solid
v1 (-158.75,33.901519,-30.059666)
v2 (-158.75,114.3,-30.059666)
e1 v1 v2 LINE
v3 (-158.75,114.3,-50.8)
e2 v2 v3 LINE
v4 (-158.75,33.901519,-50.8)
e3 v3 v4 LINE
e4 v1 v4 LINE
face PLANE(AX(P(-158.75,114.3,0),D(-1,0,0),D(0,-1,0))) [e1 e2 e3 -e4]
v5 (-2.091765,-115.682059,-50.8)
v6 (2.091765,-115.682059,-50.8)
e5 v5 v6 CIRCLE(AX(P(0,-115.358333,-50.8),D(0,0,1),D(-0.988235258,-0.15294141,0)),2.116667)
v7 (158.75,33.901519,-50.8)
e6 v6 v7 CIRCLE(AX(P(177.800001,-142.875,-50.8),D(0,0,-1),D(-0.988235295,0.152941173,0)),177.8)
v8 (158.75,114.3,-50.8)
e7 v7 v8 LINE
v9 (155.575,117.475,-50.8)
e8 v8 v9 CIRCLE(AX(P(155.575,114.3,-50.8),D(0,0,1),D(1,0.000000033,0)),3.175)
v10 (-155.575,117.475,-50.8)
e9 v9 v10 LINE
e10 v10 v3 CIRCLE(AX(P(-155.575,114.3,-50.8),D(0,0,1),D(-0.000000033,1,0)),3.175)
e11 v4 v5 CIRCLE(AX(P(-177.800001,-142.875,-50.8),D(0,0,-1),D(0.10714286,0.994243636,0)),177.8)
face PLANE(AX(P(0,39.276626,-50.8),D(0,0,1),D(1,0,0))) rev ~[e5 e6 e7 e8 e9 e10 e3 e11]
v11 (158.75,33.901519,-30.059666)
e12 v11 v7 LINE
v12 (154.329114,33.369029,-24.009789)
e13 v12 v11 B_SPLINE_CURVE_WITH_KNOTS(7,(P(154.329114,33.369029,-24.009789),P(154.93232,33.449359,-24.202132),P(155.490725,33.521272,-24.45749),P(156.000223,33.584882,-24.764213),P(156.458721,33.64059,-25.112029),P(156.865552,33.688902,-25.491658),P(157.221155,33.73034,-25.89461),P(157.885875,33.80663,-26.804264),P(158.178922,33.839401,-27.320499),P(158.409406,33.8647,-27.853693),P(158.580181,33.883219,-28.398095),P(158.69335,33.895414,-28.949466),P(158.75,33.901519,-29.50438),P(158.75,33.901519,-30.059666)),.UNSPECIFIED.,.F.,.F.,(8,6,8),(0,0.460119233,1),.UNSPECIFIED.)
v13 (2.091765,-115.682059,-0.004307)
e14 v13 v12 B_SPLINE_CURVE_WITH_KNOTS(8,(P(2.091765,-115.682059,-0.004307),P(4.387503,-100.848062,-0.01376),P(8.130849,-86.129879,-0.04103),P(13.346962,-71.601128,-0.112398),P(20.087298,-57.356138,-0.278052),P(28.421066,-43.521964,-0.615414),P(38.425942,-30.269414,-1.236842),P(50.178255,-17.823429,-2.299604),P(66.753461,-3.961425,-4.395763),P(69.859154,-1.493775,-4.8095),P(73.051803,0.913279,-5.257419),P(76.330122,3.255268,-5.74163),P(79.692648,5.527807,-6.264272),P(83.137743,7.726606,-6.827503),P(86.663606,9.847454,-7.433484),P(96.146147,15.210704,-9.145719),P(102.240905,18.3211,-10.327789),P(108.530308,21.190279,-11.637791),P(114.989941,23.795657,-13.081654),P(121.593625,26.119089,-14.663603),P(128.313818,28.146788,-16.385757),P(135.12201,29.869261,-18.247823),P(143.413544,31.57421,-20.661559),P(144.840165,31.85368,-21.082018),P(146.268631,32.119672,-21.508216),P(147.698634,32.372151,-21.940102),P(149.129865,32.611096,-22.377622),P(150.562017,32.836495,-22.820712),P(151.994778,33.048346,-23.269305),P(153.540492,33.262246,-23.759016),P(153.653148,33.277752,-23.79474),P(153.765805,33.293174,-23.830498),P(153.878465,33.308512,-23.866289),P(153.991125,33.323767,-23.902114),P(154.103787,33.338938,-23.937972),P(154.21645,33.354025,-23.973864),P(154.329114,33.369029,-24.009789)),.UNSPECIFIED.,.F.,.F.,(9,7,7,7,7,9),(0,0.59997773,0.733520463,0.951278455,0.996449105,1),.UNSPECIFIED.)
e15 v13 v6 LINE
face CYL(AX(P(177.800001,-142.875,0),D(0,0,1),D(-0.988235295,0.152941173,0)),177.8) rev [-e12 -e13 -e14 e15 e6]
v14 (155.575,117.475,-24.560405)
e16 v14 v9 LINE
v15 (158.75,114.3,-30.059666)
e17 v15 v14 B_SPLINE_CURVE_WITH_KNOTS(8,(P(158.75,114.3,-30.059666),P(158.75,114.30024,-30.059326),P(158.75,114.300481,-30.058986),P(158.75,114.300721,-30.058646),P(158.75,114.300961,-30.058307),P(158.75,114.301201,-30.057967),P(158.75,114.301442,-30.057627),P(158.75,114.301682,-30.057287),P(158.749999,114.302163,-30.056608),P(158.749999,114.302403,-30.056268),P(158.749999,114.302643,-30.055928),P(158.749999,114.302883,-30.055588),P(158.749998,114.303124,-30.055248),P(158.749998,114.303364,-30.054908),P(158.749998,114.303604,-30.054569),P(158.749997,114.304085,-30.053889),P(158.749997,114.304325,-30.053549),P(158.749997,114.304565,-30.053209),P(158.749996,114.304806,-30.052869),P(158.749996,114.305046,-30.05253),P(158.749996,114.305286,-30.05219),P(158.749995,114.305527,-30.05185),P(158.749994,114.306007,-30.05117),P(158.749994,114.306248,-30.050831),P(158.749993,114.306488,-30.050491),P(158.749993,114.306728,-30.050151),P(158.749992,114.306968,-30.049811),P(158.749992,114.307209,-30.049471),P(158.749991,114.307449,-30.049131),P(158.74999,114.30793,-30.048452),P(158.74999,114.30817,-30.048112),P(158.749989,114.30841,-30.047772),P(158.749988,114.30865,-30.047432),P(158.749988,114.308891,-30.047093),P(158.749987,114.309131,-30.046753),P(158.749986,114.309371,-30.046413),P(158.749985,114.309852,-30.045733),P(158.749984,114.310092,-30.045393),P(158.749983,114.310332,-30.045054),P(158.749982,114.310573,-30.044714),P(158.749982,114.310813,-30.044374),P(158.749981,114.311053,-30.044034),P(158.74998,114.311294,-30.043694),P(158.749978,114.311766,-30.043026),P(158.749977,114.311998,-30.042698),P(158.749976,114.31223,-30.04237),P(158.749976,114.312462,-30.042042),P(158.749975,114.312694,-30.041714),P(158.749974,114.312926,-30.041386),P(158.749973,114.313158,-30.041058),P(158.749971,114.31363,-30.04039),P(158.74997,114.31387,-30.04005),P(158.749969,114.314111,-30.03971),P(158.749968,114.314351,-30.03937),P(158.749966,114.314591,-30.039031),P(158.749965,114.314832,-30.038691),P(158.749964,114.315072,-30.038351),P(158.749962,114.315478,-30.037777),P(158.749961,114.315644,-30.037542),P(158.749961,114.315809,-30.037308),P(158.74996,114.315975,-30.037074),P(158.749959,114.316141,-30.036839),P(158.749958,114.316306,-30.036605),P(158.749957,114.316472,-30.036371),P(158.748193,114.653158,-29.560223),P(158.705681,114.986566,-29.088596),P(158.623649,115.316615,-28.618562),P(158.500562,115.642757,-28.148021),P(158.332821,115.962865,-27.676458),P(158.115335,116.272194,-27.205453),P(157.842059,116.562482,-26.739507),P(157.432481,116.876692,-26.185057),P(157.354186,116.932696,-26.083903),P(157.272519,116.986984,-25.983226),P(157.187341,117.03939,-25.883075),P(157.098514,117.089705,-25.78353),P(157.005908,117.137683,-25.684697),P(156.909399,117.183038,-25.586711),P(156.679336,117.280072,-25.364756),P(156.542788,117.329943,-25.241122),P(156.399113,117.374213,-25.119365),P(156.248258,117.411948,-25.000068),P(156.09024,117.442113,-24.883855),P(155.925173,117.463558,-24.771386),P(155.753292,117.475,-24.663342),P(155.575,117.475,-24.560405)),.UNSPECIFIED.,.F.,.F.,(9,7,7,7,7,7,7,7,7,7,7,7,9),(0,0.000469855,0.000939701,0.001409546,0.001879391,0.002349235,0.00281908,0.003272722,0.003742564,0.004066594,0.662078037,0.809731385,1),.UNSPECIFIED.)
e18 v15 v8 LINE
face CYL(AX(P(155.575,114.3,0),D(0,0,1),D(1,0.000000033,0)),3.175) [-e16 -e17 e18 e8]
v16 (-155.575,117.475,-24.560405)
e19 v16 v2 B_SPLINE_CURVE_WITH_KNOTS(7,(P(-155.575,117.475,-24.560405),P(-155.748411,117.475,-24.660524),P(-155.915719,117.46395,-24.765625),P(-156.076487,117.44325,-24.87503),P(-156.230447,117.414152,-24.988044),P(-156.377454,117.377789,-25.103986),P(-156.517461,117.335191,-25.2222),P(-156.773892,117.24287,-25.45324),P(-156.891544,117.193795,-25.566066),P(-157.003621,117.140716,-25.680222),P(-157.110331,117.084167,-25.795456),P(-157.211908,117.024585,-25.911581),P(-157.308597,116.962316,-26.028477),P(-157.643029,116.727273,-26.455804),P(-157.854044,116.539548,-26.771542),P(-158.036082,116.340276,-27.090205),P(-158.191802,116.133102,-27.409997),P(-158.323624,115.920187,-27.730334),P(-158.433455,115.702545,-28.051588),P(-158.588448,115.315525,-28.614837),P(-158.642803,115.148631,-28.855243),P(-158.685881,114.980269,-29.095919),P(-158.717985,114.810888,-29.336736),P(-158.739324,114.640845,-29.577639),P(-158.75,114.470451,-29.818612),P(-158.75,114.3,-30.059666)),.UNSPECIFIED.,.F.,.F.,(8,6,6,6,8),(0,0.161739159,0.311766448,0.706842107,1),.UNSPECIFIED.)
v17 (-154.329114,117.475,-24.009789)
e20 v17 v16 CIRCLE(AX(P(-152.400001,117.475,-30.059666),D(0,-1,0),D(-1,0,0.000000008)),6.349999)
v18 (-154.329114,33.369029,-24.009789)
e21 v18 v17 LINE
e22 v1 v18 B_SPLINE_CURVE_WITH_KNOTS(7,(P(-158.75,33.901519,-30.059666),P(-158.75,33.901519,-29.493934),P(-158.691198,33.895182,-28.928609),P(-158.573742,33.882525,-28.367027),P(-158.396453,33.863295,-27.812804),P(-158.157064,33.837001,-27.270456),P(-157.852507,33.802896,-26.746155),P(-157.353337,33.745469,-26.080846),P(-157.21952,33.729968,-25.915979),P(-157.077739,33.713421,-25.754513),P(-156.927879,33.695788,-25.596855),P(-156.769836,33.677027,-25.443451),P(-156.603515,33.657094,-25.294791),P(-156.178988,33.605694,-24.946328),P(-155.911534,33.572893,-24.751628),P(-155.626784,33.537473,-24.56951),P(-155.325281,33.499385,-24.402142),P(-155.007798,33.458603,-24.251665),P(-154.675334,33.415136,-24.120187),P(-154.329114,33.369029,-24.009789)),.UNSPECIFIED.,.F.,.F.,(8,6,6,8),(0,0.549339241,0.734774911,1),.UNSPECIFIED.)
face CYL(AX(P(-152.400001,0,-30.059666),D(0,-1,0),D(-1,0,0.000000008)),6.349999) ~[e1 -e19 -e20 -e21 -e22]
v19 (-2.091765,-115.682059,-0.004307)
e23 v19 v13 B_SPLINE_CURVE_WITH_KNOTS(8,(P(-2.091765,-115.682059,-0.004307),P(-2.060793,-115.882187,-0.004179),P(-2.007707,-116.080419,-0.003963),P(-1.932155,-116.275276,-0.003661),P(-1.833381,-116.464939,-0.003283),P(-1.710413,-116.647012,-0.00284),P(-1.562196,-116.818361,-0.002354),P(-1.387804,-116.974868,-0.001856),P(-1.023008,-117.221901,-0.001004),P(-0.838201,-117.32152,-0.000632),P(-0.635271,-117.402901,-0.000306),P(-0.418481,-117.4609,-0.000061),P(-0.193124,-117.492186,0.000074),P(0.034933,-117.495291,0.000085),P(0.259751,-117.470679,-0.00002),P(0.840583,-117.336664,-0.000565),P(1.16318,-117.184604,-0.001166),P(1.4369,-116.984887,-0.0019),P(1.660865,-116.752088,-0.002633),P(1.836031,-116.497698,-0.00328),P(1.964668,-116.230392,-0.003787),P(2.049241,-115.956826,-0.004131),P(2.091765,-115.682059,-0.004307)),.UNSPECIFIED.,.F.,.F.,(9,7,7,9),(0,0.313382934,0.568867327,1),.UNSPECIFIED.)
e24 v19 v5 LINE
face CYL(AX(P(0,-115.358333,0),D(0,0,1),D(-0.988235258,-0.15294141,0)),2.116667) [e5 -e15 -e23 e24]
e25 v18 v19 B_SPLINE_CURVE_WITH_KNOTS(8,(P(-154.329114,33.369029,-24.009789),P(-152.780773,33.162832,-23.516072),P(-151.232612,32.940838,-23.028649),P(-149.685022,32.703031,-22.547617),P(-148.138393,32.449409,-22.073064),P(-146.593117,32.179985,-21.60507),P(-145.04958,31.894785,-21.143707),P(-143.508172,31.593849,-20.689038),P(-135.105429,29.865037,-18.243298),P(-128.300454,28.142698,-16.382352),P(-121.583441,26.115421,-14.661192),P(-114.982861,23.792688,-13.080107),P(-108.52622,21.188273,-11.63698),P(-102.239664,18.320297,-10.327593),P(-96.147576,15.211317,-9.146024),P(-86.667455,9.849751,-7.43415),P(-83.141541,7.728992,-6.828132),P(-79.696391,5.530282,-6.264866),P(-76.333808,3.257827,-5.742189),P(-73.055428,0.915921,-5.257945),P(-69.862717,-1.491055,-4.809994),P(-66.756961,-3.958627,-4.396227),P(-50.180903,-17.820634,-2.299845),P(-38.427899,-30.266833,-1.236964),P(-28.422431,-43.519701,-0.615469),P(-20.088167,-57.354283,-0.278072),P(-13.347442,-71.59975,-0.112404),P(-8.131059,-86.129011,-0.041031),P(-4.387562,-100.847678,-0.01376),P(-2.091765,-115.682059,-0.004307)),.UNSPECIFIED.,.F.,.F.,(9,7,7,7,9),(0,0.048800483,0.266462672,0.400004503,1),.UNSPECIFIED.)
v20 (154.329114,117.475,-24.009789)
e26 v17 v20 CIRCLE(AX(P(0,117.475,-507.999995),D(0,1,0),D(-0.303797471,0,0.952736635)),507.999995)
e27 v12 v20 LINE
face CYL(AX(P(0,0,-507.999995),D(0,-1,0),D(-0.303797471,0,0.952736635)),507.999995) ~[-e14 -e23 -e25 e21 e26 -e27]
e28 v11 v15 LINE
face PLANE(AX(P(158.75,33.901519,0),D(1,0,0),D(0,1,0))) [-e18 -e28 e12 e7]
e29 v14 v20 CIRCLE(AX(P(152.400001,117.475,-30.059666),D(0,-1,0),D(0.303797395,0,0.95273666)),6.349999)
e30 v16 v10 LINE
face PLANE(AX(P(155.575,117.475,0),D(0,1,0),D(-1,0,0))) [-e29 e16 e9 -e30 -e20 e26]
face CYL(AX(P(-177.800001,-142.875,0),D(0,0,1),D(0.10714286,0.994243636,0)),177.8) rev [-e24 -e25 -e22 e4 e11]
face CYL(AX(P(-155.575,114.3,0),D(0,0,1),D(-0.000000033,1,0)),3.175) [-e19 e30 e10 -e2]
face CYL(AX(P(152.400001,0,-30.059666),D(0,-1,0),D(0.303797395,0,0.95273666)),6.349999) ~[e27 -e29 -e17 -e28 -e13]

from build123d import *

# Parameters (mm, degrees)
F1_DEPTH = 50.8
F2_W     = 342.9
F2_H     = 76.2
F3_DEPTH = 127


with BuildPart() as f1:
    # F0 (on Top) → F1 (new body)
    with BuildSketch(Plane.XY):
        with BuildLine():
            Line((155.575, 117.475), (-155.575, 117.475))
            ThreePointArc((-155.575, 117.475), (-157.820064, 116.545064), (-158.75, 114.3))
            Line((-158.75, 114.3), (-158.75, 33.901519))
            ThreePointArc((-158.75, 33.901519), (-55.013583, -14.281315), (-2.091765, -115.682059))
            ThreePointArc((-2.091765, -115.682059), (0, -117.475), (2.091765, -115.682059))
            ThreePointArc((2.091765, -115.682059), (55.013583, -14.281315), (158.75, 33.901519))
            Line((158.75, 33.901519), (158.75, 114.3))
            ThreePointArc((158.75, 114.3), (157.820064, 116.545064), (155.575, 117.475))
        make_face()
    extrude(amount=-F1_DEPTH)

    # F2 (on Front) → F3 (cut, symmetric)
    with BuildSketch(Plane.XZ):
        with Locations((0, -25.4)):
            Rectangle(F2_W, F2_H)
        with BuildLine():
            Line((158.75, -50.8), (-158.75, -50.8))
            Line((-158.75, -50.8), (-158.75, -30.059666))
            ThreePointArc((-158.75, -30.059666), (-157.527006, -26.31316), (-154.329114, -24.009789))
            ThreePointArc((-154.329114, -24.009789), (0, 0), (154.329114, -24.009789))
            ThreePointArc((154.329114, -24.009789), (157.527006, -26.31316), (158.75, -30.059666))
            Line((158.75, -30.059666), (158.75, -50.8))
        make_face(mode=Mode.SUBTRACT)
    extrude(amount=F3_DEPTH, both=True, mode=Mode.SUBTRACT)


solid = f1.part
